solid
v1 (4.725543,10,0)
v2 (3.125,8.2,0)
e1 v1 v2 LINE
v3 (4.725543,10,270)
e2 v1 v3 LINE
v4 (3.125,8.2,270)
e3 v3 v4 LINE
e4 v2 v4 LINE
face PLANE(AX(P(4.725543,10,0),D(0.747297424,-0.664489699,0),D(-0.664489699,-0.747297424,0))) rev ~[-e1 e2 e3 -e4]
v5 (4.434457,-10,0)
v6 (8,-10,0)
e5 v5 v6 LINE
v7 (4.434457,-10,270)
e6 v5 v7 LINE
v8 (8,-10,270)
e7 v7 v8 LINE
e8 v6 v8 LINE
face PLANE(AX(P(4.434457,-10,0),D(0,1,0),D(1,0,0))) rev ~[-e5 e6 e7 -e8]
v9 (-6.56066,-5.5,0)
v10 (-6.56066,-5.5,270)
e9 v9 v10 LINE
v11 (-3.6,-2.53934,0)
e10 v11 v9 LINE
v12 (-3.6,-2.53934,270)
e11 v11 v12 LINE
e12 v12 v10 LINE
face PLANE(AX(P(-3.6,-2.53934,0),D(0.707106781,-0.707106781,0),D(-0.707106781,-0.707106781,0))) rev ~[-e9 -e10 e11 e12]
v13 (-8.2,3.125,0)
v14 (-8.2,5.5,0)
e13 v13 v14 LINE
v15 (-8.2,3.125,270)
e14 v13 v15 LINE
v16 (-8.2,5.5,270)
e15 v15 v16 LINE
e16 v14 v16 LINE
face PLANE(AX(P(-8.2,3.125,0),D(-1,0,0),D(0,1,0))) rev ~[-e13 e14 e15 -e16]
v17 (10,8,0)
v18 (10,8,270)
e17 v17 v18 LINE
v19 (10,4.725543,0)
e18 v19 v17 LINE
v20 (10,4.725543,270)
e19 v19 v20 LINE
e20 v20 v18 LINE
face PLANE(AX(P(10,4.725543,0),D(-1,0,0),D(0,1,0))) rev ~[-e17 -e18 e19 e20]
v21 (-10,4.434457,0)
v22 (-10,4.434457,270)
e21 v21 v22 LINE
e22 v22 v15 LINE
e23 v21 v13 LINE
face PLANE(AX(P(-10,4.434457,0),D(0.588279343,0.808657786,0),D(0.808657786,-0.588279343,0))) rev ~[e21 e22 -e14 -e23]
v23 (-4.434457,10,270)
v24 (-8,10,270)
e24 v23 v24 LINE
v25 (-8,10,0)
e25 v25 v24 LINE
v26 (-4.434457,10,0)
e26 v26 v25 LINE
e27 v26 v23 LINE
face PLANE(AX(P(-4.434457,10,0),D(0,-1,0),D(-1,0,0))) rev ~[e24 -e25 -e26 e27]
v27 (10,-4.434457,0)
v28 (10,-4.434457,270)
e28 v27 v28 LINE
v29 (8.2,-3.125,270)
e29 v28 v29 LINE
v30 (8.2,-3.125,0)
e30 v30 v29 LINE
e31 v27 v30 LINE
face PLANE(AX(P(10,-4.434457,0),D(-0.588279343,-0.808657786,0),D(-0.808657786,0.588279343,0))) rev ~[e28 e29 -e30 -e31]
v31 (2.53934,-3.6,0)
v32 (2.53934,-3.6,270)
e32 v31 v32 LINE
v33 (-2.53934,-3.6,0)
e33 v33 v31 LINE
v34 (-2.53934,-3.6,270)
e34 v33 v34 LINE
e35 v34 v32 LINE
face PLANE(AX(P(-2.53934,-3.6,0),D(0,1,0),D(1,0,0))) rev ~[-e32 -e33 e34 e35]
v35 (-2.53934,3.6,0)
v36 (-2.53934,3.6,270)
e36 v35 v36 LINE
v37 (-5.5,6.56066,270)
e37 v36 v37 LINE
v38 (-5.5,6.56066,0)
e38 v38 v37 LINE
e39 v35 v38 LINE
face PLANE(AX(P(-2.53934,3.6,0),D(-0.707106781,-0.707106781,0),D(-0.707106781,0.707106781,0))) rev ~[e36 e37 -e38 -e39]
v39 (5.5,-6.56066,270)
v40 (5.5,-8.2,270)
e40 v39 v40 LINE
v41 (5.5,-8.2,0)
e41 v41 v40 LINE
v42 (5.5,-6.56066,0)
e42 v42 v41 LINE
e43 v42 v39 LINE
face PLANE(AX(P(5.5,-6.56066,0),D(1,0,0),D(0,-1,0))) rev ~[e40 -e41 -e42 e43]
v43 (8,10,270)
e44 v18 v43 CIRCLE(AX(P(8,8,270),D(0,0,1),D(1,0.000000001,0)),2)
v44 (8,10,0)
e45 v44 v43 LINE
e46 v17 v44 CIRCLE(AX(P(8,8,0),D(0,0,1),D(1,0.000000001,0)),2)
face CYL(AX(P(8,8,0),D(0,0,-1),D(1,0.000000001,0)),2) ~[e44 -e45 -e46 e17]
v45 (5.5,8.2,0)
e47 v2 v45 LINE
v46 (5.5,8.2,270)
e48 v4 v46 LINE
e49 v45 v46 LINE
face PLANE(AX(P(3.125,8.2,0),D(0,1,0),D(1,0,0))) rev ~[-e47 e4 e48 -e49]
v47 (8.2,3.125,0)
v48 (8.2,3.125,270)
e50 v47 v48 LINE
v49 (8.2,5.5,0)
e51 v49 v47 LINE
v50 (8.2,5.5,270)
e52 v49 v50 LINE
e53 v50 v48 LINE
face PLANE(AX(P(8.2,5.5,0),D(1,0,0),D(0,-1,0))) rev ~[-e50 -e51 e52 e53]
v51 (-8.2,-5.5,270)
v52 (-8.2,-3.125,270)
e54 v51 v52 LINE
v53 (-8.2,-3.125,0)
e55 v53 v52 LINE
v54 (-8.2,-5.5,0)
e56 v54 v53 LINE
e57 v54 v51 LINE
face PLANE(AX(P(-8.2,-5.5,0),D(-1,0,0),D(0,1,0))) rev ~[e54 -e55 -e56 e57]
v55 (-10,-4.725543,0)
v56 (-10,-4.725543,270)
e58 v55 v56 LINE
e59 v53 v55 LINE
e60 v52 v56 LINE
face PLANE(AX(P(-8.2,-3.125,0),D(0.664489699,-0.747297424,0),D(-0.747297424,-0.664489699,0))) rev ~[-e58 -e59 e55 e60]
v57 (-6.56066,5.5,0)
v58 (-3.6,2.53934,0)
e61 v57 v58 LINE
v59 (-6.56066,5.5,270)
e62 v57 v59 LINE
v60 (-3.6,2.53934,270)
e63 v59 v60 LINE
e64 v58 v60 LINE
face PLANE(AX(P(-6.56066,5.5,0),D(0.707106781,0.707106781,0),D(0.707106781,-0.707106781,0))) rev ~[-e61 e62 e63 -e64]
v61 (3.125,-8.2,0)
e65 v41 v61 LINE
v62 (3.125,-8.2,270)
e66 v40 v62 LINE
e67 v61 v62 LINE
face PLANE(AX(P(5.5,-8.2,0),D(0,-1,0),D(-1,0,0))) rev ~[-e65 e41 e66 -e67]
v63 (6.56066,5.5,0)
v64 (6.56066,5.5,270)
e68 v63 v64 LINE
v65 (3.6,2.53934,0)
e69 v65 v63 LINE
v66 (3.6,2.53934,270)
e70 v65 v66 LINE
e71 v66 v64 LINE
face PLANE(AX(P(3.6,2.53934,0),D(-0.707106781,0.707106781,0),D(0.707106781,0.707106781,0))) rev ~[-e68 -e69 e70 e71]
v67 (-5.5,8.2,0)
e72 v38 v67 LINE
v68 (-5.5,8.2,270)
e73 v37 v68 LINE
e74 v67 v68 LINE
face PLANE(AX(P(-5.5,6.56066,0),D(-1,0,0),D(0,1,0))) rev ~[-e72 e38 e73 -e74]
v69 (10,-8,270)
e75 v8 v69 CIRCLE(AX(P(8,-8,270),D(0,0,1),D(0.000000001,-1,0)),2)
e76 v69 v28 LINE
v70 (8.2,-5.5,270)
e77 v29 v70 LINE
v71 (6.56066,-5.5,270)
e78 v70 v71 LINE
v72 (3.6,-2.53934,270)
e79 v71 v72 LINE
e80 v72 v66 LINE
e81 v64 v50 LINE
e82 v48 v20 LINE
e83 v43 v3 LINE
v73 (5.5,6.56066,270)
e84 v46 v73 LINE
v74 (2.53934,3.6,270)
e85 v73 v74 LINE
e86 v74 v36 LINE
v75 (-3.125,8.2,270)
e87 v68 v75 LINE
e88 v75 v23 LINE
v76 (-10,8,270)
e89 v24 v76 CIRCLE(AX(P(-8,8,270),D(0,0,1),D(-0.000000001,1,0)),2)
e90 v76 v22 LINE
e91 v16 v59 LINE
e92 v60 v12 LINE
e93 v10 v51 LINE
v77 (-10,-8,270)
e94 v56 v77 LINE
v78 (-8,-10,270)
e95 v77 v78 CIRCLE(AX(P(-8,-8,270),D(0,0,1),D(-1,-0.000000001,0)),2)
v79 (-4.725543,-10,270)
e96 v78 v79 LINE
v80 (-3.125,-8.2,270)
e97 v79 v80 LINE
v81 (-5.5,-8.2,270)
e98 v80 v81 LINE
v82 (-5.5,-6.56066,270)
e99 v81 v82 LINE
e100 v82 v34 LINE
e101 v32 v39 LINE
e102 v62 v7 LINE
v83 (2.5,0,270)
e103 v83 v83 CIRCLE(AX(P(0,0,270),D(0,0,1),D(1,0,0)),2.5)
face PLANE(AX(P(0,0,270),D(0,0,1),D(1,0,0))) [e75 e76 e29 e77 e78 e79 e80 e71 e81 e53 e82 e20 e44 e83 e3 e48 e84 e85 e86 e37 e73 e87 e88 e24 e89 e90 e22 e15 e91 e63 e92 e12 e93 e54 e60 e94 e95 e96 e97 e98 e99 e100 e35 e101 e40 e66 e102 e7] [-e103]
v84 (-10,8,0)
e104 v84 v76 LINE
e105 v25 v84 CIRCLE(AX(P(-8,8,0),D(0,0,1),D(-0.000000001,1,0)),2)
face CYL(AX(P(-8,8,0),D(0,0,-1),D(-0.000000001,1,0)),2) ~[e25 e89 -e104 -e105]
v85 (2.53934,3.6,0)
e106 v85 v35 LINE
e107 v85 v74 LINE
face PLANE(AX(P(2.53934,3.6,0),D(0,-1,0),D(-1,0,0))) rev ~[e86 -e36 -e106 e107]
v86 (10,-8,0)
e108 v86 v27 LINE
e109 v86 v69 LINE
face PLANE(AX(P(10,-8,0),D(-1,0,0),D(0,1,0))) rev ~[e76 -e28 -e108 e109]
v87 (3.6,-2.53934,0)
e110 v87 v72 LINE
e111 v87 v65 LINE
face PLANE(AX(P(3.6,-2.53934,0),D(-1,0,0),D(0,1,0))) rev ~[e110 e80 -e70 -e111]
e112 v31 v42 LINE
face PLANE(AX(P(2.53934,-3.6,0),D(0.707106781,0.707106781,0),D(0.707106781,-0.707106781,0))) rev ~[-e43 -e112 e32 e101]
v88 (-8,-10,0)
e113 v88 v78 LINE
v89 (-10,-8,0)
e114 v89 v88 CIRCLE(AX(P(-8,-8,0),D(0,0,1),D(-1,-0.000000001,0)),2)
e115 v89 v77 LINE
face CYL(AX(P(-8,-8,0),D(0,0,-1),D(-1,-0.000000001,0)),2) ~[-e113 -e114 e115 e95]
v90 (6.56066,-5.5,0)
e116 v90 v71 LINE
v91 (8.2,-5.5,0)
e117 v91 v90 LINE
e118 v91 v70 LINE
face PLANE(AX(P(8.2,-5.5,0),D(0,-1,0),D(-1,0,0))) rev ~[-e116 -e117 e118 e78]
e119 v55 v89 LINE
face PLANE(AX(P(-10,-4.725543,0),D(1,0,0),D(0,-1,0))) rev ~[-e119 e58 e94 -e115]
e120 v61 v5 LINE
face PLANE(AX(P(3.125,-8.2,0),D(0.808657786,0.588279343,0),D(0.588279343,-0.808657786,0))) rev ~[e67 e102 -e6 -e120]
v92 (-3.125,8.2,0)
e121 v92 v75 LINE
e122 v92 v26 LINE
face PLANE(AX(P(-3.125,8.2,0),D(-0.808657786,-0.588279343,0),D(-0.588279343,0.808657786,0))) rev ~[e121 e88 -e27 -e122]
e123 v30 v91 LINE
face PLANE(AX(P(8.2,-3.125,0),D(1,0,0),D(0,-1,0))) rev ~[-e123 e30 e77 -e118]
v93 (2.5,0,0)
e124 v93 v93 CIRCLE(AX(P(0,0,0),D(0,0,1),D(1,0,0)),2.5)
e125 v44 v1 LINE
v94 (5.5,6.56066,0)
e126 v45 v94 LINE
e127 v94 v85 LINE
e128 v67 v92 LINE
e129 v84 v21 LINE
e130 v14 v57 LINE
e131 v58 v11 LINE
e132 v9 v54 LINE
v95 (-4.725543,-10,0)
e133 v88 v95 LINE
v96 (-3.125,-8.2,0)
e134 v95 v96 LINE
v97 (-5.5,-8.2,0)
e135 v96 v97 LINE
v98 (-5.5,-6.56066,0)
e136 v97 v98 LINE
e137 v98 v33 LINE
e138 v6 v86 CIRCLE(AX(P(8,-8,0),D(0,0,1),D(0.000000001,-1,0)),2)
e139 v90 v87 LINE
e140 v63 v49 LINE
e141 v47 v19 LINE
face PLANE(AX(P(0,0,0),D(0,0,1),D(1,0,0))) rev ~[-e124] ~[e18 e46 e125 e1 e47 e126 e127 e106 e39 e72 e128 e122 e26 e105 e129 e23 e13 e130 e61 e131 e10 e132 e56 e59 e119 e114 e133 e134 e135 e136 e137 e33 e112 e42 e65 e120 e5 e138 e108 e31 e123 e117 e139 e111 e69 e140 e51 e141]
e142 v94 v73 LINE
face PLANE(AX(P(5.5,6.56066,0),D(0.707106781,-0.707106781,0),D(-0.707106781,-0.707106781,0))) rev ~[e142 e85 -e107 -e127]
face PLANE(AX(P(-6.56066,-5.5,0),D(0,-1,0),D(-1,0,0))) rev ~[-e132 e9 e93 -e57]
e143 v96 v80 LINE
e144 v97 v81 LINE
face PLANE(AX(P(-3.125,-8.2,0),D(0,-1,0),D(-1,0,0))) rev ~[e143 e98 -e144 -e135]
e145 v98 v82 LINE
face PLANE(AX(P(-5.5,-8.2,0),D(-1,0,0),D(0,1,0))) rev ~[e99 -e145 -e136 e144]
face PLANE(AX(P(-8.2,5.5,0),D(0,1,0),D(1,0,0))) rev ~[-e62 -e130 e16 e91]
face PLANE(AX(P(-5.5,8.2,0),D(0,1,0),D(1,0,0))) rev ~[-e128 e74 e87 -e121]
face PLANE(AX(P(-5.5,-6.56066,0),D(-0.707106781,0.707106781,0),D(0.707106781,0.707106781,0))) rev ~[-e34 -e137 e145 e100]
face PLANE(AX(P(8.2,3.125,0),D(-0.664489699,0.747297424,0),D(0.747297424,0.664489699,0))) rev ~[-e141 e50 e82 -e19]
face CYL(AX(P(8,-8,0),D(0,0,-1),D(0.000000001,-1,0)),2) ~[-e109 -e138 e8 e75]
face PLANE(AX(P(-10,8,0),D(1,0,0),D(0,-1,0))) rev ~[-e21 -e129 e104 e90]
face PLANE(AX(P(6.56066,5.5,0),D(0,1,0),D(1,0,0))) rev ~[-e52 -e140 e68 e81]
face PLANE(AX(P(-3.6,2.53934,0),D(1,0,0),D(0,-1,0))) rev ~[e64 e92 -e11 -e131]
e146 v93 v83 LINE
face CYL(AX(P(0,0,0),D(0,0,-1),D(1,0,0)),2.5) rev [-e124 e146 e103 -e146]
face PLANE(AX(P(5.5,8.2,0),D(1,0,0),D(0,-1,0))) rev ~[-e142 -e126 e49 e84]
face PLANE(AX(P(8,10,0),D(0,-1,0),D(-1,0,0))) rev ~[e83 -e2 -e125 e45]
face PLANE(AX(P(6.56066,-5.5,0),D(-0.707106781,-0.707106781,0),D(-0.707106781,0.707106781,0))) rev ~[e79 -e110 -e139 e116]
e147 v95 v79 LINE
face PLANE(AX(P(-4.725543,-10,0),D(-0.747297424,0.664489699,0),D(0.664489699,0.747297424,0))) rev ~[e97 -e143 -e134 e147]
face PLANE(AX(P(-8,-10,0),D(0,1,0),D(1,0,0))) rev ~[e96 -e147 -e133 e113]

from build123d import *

# Parameters (mm, degrees)
SKETCH1_R           = 2.5
BOSS_EXTRUDE1_DEPTH = 270


with BuildPart() as part:
    # Sketch1 → Boss-Extrude1 (new body)
    with BuildSketch(Plane.XY):
        with BuildLine():
            Line((-4.725542729, -10), (-3.125, -8.2))
            Line((-3.125, -8.2), (-5.5, -8.2))
            Line((-5.5, -8.2), (-5.5, -6.560660172))
            Line((-5.5, -6.560660172), (-2.539339828, -3.6))
            Line((-2.539339828, -3.6), (2.539339828, -3.6))
            Line((2.539339828, -3.6), (5.5, -6.560660172))
            Line((5.5, -6.560660172), (5.5, -8.2))
            Line((5.5, -8.2), (3.125, -8.2))
            Line((3.125, -8.2), (4.434457271, -10))
            Line((4.434457271, -10), (8, -10))
            ThreePointArc((8, -10), (9.414213562, -9.414213562), (10, -8))
            Line((10, -8), (10, -4.434457271))
            Line((10, -4.434457271), (8.2, -3.125))
            Line((8.2, -3.125), (8.2, -5.5))
            Line((8.2, -5.5), (6.560660172, -5.5))
            Line((6.560660172, -5.5), (3.6, -2.539339828))
            Line((3.6, -2.539339828), (3.6, 2.539339828))
            Line((3.6, 2.539339828), (6.560660172, 5.5))
            Line((6.560660172, 5.5), (8.2, 5.5))
            Line((8.2, 5.5), (8.2, 3.125))
            Line((8.2, 3.125), (10, 4.725542729))
            Line((10, 4.725542729), (10, 8))
            ThreePointArc((10, 8), (9.414213562, 9.414213562), (8, 10))
            Line((8, 10), (4.725542729, 10))
            Line((4.725542729, 10), (3.125, 8.2))
            Line((3.125, 8.2), (5.5, 8.2))
            Line((5.5, 8.2), (5.5, 6.560660172))
            Line((5.5, 6.560660172), (2.539339828, 3.6))
            Line((2.539339828, 3.6), (-2.539339828, 3.6))
            Line((-2.539339828, 3.6), (-5.5, 6.560660172))
            Line((-5.5, 6.560660172), (-5.5, 8.2))
            Line((-5.5, 8.2), (-3.125, 8.2))
            Line((-3.125, 8.2), (-4.434457271, 10))
            Line((-4.434457271, 10), (-8, 10))
            ThreePointArc((-8, 10), (-9.414213562, 9.414213562), (-10, 8))
            Line((-10, 8), (-10, 4.434457271))
            Line((-10, 4.434457271), (-8.2, 3.125))
            Line((-8.2, 3.125), (-8.2, 5.5))
            Line((-8.2, 5.5), (-6.560660172, 5.5))
            Line((-6.560660172, 5.5), (-3.6, 2.539339828))
            Line((-3.6, 2.539339828), (-3.6, -2.539339828))
            Line((-3.6, -2.539339828), (-6.560660172, -5.5))
            Line((-6.560660172, -5.5), (-8.2, -5.5))
            Line((-8.2, -5.5), (-8.2, -3.125))
            Line((-8.2, -3.125), (-10, -4.725542729))
            Line((-10, -4.725542729), (-10, -8))
            ThreePointArc((-10, -8), (-9.414213562, -9.414213562), (-8, -10))
            Line((-8, -10), (-4.725542729, -10))
        make_face()
        Circle(SKETCH1_R, mode=Mode.SUBTRACT)
    extrude(amount=BOSS_EXTRUDE1_DEPTH)


solid = part.part
